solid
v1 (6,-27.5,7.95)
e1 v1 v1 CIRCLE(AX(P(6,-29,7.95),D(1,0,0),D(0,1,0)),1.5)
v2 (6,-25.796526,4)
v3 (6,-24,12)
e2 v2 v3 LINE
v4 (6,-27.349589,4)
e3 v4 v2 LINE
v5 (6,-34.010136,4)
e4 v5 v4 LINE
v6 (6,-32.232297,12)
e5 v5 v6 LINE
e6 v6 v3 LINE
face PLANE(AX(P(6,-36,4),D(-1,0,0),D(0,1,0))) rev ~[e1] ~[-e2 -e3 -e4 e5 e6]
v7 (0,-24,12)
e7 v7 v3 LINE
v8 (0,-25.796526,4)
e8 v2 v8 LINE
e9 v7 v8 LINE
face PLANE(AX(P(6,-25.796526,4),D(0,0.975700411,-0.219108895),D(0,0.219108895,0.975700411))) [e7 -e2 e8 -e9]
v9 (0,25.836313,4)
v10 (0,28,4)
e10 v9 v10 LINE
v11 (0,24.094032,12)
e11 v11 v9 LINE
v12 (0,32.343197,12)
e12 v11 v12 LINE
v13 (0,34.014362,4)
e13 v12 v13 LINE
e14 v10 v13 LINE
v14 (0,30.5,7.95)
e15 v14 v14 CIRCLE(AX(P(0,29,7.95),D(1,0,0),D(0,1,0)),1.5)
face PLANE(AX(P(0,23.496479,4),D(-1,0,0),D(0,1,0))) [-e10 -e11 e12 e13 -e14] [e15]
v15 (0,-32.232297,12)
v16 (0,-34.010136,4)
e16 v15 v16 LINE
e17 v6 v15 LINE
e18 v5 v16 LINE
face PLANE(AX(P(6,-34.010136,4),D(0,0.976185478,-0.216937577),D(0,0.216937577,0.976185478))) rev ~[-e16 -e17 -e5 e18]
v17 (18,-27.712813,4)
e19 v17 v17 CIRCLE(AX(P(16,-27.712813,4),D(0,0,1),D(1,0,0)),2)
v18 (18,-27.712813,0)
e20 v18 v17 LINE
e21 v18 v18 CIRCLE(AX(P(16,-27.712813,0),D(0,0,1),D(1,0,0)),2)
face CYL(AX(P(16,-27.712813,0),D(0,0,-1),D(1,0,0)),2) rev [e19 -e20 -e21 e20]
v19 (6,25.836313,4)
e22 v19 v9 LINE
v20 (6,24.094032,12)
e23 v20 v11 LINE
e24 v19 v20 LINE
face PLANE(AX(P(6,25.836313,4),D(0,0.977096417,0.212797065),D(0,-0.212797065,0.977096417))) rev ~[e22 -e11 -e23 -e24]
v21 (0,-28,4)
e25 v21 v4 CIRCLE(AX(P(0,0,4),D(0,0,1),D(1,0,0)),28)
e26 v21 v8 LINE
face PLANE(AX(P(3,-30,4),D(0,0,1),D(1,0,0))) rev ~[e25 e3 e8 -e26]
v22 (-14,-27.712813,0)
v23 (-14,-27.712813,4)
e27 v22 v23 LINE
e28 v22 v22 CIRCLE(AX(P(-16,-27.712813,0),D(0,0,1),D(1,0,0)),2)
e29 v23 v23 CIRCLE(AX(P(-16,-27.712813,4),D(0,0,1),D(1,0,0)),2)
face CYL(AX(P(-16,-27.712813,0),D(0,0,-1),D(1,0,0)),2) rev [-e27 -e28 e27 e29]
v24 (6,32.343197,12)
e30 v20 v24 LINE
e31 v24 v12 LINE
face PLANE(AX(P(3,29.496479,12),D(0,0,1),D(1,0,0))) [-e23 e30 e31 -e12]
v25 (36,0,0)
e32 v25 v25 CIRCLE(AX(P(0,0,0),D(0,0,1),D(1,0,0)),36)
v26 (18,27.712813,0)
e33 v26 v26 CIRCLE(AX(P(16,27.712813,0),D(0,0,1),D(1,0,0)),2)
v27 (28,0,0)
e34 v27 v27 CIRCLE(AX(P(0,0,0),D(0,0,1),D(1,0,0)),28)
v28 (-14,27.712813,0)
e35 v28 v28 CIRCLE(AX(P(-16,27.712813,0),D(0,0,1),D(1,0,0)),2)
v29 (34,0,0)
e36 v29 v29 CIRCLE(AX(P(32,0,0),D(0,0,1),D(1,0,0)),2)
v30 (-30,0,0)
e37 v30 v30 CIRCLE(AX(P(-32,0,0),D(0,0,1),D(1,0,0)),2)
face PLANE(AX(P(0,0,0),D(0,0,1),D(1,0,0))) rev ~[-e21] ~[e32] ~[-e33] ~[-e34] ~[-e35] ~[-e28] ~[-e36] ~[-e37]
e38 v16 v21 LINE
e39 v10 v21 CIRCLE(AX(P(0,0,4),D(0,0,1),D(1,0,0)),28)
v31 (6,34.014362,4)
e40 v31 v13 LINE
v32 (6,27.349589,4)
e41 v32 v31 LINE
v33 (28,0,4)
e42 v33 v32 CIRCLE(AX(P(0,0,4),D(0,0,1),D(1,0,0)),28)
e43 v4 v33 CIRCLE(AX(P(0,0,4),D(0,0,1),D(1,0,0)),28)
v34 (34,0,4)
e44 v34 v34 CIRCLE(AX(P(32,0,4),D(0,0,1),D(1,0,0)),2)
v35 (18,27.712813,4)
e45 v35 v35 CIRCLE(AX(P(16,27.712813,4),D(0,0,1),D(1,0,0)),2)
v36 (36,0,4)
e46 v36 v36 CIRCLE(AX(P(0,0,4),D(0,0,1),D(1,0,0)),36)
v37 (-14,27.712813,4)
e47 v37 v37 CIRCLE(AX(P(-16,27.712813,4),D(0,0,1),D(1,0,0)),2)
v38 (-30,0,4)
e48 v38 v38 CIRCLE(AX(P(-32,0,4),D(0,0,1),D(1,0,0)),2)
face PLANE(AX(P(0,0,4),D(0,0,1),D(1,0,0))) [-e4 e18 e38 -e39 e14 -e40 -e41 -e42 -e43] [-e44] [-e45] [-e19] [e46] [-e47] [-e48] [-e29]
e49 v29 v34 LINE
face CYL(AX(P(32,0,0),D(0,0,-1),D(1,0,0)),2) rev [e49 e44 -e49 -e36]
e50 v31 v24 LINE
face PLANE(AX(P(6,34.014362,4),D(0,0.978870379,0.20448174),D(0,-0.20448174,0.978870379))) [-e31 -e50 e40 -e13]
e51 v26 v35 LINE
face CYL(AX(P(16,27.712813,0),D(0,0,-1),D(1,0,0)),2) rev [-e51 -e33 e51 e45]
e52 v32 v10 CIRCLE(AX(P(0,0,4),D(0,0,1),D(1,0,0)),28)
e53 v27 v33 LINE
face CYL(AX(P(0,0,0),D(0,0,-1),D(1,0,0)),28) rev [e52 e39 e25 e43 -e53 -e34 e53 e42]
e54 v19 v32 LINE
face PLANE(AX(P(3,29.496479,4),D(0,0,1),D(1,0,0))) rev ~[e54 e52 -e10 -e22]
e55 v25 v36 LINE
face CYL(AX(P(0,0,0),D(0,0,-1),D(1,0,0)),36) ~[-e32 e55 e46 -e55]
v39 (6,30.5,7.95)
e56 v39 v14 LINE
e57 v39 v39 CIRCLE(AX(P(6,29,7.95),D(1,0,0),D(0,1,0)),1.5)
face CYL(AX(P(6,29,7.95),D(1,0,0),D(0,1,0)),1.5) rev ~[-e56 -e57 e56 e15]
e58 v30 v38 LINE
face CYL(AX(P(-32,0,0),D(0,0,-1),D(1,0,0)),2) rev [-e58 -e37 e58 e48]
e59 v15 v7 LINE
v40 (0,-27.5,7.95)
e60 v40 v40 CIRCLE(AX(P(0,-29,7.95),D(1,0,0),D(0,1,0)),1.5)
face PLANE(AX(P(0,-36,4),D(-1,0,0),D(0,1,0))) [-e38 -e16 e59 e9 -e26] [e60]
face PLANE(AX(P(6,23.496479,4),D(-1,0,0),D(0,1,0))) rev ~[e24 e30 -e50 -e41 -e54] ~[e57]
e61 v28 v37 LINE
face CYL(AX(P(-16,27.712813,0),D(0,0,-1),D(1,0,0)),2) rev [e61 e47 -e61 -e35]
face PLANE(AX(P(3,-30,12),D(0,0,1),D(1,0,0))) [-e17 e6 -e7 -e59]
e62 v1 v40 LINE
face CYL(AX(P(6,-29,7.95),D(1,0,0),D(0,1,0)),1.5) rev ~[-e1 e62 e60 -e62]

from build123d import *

# Parameters (mm, degrees)
SKETCH019_R     = 36
SKETCH019_R_2   = 28
SKETCH019_R_3   = 2
PAD003_DEPTH    = 4
SKETCH037_W     = 6
SKETCH037_H     = 12
PAD015_DEPTH    = 8
POCKET018_DEPTH = 8
SKETCH039_R     = 1.5
POCKET019_DEPTH = 9


with BuildPart() as part:
    # Sketch019 → Pad003 (new body)
    with BuildSketch(Plane.XY):
        Circle(SKETCH019_R)
        Circle(SKETCH019_R_2, mode=Mode.SUBTRACT)
        with Locations((-16, 27.712813)):
            Circle(SKETCH019_R_3, mode=Mode.SUBTRACT)
        with Locations((16, 27.712813)):
            Circle(SKETCH019_R_3, mode=Mode.SUBTRACT)
        with Locations((32, 0)):
            Circle(SKETCH019_R_3, mode=Mode.SUBTRACT)
        with Locations((16, -27.712813)):
            Circle(SKETCH019_R_3, mode=Mode.SUBTRACT)
        with Locations((-16, -27.712813)):
            Circle(SKETCH019_R_3, mode=Mode.SUBTRACT)
        with Locations((-32, 0)):
            Circle(SKETCH019_R_3, mode=Mode.SUBTRACT)
    extrude(amount=PAD003_DEPTH)

    # Sketch037 (on Face10 of Pad003) → Pad015 (join)
    with BuildSketch(Plane.XY.offset(4)):
        with Locations((3, 29.496479)):
            Rectangle(SKETCH037_W, SKETCH037_H)
        with Locations((3, -30)):
            Rectangle(SKETCH037_W, SKETCH037_H)
    extrude(amount=PAD015_DEPTH)

    # Sketch038 (on Face14 of Pad015) → Pocket018 (cut)
    with BuildSketch(Plane.YZ.offset(6)):
        Polygon((35.496479, 4), (34.014362, 4), (32.343197, 12), (35.496479, 12), align=None)
        Polygon((23.496479, 4), (25.836313, 4), (24.094032, 12), (23.496479, 12), align=None)
        Polygon((-24, 4), (-25.796526, 4), (-24, 12), align=None)
        Polygon((-36, 4), (-34.010136, 4), (-32.232297, 12), (-36, 12), align=None)
    extrude(amount=-POCKET018_DEPTH, mode=Mode.SUBTRACT)

    # Sketch039 (on Face10 of Pocket018) → Pocket019 (cut)
    with BuildSketch(Plane.YZ.offset(6)):
        with Locations((-29, 7.95)):
            Circle(SKETCH039_R)
        with Locations((29, 7.95)):
            Circle(SKETCH039_R)
    extrude(amount=-POCKET019_DEPTH, mode=Mode.SUBTRACT)


solid = part.part
